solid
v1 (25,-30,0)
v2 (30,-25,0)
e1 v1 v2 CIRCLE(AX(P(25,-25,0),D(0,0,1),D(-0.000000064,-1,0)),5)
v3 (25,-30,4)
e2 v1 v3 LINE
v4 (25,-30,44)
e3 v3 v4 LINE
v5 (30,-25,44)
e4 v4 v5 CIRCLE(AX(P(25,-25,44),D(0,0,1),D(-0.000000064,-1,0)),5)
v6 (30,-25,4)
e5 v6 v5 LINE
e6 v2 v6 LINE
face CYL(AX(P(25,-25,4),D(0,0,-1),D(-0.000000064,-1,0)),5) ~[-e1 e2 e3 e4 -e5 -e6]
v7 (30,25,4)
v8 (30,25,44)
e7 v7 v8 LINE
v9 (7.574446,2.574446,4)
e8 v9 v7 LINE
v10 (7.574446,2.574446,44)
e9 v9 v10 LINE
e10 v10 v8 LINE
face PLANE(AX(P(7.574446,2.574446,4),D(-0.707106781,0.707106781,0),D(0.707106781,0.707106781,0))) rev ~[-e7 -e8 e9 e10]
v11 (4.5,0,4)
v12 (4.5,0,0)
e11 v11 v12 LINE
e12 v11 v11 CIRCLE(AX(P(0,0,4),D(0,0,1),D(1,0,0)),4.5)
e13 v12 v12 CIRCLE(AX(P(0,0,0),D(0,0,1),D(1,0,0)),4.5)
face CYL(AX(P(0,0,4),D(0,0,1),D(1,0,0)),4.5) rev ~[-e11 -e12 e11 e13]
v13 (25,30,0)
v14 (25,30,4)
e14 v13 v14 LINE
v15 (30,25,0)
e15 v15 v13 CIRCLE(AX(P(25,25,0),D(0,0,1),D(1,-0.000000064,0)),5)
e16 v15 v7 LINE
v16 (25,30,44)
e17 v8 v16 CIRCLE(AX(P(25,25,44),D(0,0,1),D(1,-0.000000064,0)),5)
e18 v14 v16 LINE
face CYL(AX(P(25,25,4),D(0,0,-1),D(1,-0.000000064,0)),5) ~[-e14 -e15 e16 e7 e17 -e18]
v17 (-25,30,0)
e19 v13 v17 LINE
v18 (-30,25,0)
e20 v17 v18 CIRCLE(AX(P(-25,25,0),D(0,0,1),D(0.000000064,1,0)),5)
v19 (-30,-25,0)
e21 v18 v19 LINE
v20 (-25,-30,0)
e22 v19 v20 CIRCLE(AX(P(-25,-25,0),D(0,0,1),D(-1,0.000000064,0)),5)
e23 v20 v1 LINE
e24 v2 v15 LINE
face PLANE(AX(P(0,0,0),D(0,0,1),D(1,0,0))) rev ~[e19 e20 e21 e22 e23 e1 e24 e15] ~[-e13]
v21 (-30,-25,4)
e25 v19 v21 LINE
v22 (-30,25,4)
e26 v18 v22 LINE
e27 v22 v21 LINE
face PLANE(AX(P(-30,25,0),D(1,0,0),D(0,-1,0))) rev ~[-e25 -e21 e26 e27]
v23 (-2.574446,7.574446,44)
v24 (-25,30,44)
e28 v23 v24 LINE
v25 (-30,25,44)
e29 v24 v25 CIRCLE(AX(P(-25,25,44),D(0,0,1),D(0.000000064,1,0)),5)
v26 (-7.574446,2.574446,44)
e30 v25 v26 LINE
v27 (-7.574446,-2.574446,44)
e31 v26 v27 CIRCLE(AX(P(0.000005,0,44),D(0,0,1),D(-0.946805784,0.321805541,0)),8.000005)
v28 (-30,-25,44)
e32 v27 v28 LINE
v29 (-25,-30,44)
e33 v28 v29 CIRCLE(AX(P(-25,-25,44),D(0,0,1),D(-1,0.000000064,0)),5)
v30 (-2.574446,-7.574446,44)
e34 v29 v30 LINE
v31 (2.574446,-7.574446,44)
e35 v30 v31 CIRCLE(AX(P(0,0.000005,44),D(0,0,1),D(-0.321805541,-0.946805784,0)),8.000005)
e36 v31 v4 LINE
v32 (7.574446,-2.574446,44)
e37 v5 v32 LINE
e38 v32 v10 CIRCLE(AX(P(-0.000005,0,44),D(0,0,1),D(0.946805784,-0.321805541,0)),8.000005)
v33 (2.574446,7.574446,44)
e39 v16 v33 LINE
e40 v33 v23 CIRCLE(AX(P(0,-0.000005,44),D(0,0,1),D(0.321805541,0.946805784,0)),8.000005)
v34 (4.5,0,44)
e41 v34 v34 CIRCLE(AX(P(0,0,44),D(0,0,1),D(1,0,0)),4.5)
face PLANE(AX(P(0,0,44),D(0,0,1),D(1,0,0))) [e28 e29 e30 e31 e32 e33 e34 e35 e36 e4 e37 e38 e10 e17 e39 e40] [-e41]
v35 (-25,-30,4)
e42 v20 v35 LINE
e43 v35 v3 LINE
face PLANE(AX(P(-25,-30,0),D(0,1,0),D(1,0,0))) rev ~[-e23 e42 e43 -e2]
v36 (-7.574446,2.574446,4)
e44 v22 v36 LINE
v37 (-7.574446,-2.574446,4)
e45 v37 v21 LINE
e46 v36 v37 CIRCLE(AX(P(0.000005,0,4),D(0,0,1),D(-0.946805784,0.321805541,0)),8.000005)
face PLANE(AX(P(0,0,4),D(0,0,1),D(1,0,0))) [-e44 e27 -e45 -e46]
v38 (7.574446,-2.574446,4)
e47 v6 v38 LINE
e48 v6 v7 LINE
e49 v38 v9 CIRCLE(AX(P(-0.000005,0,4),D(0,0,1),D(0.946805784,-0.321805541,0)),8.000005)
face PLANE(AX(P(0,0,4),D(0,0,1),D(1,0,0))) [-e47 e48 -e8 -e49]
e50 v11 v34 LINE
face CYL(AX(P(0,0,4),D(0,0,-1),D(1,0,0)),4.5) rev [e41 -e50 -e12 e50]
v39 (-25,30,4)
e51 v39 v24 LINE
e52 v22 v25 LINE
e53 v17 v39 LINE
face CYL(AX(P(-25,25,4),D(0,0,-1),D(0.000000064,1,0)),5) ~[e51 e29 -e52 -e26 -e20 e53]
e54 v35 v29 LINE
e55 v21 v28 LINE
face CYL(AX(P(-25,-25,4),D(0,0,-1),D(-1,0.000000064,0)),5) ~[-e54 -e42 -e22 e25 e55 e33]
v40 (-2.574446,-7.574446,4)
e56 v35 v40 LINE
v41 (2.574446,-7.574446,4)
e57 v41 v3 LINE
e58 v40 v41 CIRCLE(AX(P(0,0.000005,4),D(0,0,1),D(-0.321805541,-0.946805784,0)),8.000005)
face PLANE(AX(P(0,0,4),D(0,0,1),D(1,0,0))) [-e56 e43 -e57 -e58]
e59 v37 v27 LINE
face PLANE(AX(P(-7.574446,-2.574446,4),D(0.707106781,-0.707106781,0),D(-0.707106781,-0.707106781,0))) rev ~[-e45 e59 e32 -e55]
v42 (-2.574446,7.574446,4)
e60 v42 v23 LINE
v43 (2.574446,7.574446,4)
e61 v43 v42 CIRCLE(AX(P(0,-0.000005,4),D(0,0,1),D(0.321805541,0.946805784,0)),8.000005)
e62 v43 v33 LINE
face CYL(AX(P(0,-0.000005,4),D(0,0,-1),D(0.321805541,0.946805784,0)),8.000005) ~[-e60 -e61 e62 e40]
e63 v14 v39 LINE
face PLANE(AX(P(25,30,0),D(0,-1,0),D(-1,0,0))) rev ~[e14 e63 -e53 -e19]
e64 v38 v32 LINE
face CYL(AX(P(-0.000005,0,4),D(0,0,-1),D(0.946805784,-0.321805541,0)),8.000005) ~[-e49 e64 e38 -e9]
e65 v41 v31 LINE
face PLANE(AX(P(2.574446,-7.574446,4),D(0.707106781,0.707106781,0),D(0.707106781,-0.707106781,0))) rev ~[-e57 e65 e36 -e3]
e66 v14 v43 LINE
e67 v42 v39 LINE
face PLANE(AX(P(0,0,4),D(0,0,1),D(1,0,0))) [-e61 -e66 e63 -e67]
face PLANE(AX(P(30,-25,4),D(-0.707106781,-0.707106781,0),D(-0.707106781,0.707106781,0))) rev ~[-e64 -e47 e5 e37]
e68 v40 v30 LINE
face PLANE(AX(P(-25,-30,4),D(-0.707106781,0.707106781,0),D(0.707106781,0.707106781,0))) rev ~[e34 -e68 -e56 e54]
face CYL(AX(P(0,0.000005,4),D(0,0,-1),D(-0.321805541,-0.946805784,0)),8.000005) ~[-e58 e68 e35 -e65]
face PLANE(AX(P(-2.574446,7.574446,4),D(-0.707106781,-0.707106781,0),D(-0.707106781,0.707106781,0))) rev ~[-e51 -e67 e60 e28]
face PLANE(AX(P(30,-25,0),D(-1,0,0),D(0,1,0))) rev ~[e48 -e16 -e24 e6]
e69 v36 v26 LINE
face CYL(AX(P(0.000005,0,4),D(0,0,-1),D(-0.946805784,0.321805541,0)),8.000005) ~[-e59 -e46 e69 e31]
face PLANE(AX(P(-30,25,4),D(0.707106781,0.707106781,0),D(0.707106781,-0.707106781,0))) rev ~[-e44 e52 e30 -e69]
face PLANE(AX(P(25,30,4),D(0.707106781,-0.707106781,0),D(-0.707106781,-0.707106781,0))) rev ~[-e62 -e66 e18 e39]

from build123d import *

# Parameters (mm, degrees)
F1_DEPTH = 4
F2_R     = 4.5
F3_DEPTH = 40
F4_DEPTH = 25


with BuildPart() as f1:
    # F0 (on Top) → F1 (new body)
    with BuildSketch(Plane.XY):
        with BuildLine():
            Line((-25, -30), (25, -30))
            ThreePointArc((25, -30), (28.535534, -28.535534), (30, -25))
            Line((30, -25), (30, 25))
            ThreePointArc((30, 25), (28.535534, 28.535534), (25, 30))
            Line((25, 30), (-25, 30))
            ThreePointArc((-25, 30), (-28.535534, 28.535534), (-30, 25))
            Line((-30, 25), (-30, -25))
            ThreePointArc((-30, -25), (-28.535534, -28.535534), (-25, -30))
        make_face()
    extrude(amount=F1_DEPTH)

    # F2 (on face) → F3 (join)
    with BuildSketch(Plane.XY.offset(4)):
        with BuildLine():
            Line((-30, 25), (-7.574446, 2.574446))
            ThreePointArc((-7.574446, 2.574446), (-8, 0), (-7.574446, -2.574446))
            Line((-7.574446, -2.574446), (-30, -25))
            ThreePointArc((-30, -25), (-28.535534, -28.535534), (-25, -30))
            Line((-25, -30), (-2.574446, -7.574446))
            ThreePointArc((-2.574446, -7.574446), (0, -8), (2.574446, -7.574446))
            Line((2.574446, -7.574446), (25, -30))
            ThreePointArc((25, -30), (28.535534, -28.535534), (30, -25))
            Line((30, -25), (7.574446, -2.574446))
            ThreePointArc((7.574446, -2.574446), (8, 0), (7.574446, 2.574446))
            Line((7.574446, 2.574446), (30, 25))
            ThreePointArc((30, 25), (28.535534, 28.535534), (25, 30))
            Line((25, 30), (2.574446, 7.574446))
            ThreePointArc((2.574446, 7.574446), (0, 8), (-2.574446, 7.574446))
            Line((-2.574446, 7.574446), (-25, 30))
            ThreePointArc((-25, 30), (-28.535534, 28.535534), (-30, 25))
        make_face()
        Circle(F2_R, mode=Mode.SUBTRACT)
    extrude(amount=F3_DEPTH)

    # F2 (on face) → F4 (cut)
    with BuildSketch(Plane.XY.offset(4)):
        Circle(F2_R)
    extrude(amount=-F4_DEPTH, mode=Mode.SUBTRACT)


solid = f1.part
